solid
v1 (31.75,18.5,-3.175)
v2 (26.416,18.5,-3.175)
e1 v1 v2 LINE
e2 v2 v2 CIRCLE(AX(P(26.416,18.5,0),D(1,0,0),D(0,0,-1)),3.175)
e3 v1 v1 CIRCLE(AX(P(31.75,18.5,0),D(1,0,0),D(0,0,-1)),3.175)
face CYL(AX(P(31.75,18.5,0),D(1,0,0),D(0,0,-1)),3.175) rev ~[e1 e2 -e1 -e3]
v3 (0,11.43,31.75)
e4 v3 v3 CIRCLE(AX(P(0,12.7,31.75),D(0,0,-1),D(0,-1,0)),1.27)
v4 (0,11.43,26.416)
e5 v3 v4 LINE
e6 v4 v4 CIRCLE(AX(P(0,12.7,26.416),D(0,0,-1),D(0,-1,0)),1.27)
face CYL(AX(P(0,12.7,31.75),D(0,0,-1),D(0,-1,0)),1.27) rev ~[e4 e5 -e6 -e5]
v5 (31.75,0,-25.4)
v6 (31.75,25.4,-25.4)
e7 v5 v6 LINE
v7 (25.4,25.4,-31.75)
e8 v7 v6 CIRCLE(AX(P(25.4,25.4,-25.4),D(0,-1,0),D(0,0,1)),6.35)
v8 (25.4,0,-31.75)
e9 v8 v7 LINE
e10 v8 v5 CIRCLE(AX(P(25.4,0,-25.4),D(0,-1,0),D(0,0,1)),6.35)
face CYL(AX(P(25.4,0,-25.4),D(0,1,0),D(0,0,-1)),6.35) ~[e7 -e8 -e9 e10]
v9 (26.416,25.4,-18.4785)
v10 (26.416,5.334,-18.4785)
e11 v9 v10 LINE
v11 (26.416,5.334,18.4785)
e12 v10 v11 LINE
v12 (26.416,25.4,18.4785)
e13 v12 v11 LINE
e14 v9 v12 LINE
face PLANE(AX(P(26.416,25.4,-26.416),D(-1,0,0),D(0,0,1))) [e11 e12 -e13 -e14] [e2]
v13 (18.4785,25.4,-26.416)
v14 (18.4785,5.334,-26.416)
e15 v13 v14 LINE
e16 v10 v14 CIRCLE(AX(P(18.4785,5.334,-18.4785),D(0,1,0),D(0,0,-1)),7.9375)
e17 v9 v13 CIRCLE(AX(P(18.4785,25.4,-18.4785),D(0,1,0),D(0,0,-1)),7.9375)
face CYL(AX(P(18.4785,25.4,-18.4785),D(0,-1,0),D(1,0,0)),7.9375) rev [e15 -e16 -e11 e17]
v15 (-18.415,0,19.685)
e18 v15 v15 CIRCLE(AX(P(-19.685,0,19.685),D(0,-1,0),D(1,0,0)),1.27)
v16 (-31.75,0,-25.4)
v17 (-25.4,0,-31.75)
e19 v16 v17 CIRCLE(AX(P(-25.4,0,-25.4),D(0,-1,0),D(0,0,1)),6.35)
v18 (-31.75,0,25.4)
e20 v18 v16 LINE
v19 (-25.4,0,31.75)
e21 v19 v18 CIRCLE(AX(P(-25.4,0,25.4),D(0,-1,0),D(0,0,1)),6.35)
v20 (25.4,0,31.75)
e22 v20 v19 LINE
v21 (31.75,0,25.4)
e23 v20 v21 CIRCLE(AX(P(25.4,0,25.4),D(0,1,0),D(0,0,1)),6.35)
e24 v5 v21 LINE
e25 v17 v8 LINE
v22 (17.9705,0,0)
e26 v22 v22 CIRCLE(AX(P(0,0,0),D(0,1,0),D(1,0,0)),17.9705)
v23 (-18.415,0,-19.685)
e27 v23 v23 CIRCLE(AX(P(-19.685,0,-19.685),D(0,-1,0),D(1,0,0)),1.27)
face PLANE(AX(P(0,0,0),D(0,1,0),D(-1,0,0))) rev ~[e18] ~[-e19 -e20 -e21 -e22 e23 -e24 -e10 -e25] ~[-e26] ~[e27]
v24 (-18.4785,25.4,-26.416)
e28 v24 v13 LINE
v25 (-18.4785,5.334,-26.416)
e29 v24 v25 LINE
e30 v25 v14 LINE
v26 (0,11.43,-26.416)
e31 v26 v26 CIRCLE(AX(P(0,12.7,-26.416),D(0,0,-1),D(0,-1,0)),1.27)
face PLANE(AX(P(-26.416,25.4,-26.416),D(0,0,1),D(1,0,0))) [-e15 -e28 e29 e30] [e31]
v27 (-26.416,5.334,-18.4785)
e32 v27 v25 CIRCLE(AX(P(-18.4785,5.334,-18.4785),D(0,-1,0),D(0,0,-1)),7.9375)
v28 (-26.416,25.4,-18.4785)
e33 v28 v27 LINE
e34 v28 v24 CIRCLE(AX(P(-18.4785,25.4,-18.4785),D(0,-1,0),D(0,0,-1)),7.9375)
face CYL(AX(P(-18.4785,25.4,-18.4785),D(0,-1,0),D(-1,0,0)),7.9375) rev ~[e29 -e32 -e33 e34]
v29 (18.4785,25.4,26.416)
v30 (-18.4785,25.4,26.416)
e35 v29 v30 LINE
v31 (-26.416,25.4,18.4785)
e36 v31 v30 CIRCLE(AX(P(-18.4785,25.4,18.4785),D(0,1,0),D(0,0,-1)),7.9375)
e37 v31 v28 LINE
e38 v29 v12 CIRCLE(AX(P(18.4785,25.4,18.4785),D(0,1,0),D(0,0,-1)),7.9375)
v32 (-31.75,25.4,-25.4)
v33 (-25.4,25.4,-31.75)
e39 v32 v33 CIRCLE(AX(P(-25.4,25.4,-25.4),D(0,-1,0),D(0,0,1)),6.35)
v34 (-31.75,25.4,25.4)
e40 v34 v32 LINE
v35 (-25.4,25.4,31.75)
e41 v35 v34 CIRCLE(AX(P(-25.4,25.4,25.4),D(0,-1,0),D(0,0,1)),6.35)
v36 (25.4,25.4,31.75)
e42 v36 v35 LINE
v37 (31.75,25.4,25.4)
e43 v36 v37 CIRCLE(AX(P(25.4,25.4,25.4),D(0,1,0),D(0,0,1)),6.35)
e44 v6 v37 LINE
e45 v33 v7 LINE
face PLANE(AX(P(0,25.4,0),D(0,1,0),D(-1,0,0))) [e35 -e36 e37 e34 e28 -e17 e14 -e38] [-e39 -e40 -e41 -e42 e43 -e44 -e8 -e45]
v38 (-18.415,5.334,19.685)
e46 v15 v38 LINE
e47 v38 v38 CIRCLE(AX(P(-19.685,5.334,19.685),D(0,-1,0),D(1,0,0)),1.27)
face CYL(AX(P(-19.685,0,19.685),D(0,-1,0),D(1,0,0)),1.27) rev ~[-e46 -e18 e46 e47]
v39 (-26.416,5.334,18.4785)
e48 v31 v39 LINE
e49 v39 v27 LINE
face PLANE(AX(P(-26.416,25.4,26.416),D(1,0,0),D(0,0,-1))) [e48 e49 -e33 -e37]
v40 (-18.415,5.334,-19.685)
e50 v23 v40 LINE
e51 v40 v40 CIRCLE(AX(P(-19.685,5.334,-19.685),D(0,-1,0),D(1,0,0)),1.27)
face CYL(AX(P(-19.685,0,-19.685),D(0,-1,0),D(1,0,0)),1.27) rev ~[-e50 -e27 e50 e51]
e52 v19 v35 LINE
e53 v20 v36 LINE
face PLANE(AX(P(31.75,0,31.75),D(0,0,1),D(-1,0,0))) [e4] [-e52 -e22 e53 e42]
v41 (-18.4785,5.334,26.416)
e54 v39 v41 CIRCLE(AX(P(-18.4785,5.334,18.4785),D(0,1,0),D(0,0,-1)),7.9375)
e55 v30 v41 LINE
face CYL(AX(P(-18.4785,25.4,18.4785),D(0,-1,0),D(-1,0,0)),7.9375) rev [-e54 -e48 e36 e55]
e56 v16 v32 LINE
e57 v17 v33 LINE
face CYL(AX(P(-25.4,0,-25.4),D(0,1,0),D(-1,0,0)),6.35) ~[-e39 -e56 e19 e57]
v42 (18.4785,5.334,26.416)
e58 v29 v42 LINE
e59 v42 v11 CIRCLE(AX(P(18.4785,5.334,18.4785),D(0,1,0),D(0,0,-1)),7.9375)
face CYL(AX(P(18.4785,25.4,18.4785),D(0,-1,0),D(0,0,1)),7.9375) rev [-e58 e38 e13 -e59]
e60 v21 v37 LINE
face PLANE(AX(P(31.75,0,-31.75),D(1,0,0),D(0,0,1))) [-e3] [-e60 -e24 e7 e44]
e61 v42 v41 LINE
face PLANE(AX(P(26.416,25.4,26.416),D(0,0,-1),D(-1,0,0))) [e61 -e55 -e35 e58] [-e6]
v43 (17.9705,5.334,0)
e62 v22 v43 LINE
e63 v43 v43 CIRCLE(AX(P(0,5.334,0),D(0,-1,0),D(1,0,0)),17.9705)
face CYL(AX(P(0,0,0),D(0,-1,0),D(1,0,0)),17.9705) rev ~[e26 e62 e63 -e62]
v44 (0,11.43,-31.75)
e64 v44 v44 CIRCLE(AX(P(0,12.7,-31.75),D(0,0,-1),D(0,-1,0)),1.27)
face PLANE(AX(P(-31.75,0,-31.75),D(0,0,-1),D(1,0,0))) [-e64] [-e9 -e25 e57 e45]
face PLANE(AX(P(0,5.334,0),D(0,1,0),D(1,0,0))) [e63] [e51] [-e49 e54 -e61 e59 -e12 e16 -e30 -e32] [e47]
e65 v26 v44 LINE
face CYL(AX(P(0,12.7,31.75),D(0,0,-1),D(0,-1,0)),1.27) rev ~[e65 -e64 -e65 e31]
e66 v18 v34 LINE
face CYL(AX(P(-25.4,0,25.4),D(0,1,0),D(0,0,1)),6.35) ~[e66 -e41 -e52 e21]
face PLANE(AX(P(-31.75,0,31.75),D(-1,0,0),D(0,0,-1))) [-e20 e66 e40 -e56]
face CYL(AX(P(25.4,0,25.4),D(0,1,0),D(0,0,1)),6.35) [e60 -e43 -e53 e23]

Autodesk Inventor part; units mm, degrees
ref_plane "YZ Plane" through (0, 0, 0) normal (1, 0, 0) x (0, 1, 0)
ref_plane "XZ Plane" through (0, 0, 0) normal (0, 1, 0) x (-1, 0, 0)
sketch "Sketch2" plane through (0, 0, 0) normal (0, 1, 0) x (-1, 0, 0)
  line L0 (-31.75, 31.75) -> (31.75, 31.75)
  line L1 (31.75, 31.75) -> (31.75, -31.75)
  line L2 (31.75, -31.75) -> (-31.75, -31.75)
  line L3 (-31.75, -31.75) -> (-31.75, 31.75)
  line L4 (-31.75, 31.75) -> (31.75, -31.75) construction
  line L5 (31.75, 31.75) -> (-31.75, -31.75) construction
  point P0 (0, 0)
  dimension "d3" = 63.5
  dimension "d4" = 63.5
extrude "Extrusion2" add sketch "Sketch2" along normal blind 25.4
fillet "Fillet1" radius 6.35 4 edges at (31.75, 12.7, 31.75) (31.75, 12.7, -31.75) (-31.75, 12.7, -31.75) (-31.75, 12.7, 31.75)
sketch "Sketch3" plane through (0, 25.4, 0) normal (0, 1, 0) x (1, 0, 0)
  arc A0 (-31.75, -25.4) -> (-25.4, -31.75) centre (-25.4, -25.4) ccw projected
  line L0 (-25.4, -31.75) -> (25.4, -31.75) projected
  arc A1 (25.4, -31.75) -> (31.75, -25.4) centre (25.4, -25.4) ccw projected
  line L1 (31.75, -25.4) -> (31.75, 25.4) projected
  arc A2 (31.75, 25.4) -> (25.4, 31.75) centre (25.4, 25.4) ccw projected
  line L2 (25.4, 31.75) -> (-25.4, 31.75) projected
  arc A3 (-25.4, 31.75) -> (-31.75, 25.4) centre (-25.4, 25.4) ccw projected
  line L3 (-31.75, 25.4) -> (-31.75, -25.4) projected
  line L4 (-26.416, 26.416) -> (26.416, 26.416)
  line L5 (26.416, 26.416) -> (26.416, -26.416)
  line L6 (26.416, -26.416) -> (-26.416, -26.416)
  line L7 (-26.416, -26.416) -> (-26.416, 26.416)
  point P0 (0, 0)
  dimension "d8" = 5.334
extrude "Extrusion3" cut sketch "Sketch3" against normal blind 20.066 contours L4 L5 L6 L7
ref_plane "Work Plane1" through (0, 25.4, -26.416) normal (-1, 0, 0) x (0, 0, 1)
fillet "Fillet2" radius 7.9375 4 edges at (-26.416, 15.367, 26.416) (-26.416, 15.367, -26.416) (26.416, 15.367, -26.416) (26.416, 15.367, 26.416)
sketch "Sketch6" plane through (-25.4, 0, 31.75) normal (0, 0, 1) x (1, 0, 0)
  line L0 (0, 0) -> (0, 25.4) projected
  line L1 (50.8, 0) -> (0, 0) projected
  line L2 (50.8, 25.4) -> (50.8, 0) projected
  line L3 (0, 25.4) -> (50.8, 25.4) projected
  circle A0 centre (25.4, 12.7) radius 1.27
  point P0 (25.4, 0)
  dimension "d31" = 2.54
  dimension "d32" = 12.7
  dimension "d33" = 25.4
hole "Hole3" at (0, 12.7, 31.75) direction (0, 0, -1) diameter 2.54 depth 76.2 tip angle 118
sketch "Sketch8" plane through (0, 0, 0) normal (0, -1, 0) x (1, 0, 0)
  point P0 (0, 0)
sketch "Sketch9" plane through (0, 0, 0) normal (0, -1, 0) x (1, 0, 0)
  line L0 (25.4, 28.575) -> (-15.875, 28.575)
  arc A0 (-15.875, 28.575) -> (-28.575, 15.875) centre (-15.875, 15.875) ccw
  line L1 (-28.575, 15.875) -> (-28.575, -15.875)
  arc A1 (-28.575, -15.875) -> (-15.875, -28.575) centre (-15.875, -15.875) ccw
  line L2 (-15.875, -28.575) -> (25.4, -28.575)
  arc A2 (25.4, -28.575) -> (28.575, -25.4) centre (25.4, -25.4) ccw
  line L3 (28.575, -25.4) -> (28.575, -1.27)
  line L4 (28.575, -1.27) -> (17.9256, -1.27)
  circle A3 centre (0, 0) radius 17.9705
  line L5 (17.9256, 1.27) -> (28.575, 1.27)
  line L6 (28.575, 1.27) -> (28.575, 25.4)
  arc A4 (28.575, 25.4) -> (25.4, 28.575) centre (25.4, 25.4) ccw
  circle A5 centre (-19.685, -19.685) radius 1.27
  circle A6 centre (-19.685, 19.685) radius 1.27
  dimension "d53" = 2.54
  dimension "d54" = 3.81
  dimension "d55" = 3.81
  dimension "d56" = 2.54
  dimension "d57" = 3.81
  dimension "d58" = 3.81
extrude "Extrusion6" cut sketch "Sketch9" against normal blind 25.4 contours A3 | A5 | A6
sketch "Sketch10" plane through (31.75, 0, 25.4) normal (1, 0, 0) x (0, 0, -1)
  circle A0 centre (25.4, 18.5) radius 3.175
  point P0 (25.4, 0)
  dimension "d61" = 6.35
extrude "Extrusion7" cut sketch "Sketch10" against normal blind 6.35
properties part number "basemotor"
